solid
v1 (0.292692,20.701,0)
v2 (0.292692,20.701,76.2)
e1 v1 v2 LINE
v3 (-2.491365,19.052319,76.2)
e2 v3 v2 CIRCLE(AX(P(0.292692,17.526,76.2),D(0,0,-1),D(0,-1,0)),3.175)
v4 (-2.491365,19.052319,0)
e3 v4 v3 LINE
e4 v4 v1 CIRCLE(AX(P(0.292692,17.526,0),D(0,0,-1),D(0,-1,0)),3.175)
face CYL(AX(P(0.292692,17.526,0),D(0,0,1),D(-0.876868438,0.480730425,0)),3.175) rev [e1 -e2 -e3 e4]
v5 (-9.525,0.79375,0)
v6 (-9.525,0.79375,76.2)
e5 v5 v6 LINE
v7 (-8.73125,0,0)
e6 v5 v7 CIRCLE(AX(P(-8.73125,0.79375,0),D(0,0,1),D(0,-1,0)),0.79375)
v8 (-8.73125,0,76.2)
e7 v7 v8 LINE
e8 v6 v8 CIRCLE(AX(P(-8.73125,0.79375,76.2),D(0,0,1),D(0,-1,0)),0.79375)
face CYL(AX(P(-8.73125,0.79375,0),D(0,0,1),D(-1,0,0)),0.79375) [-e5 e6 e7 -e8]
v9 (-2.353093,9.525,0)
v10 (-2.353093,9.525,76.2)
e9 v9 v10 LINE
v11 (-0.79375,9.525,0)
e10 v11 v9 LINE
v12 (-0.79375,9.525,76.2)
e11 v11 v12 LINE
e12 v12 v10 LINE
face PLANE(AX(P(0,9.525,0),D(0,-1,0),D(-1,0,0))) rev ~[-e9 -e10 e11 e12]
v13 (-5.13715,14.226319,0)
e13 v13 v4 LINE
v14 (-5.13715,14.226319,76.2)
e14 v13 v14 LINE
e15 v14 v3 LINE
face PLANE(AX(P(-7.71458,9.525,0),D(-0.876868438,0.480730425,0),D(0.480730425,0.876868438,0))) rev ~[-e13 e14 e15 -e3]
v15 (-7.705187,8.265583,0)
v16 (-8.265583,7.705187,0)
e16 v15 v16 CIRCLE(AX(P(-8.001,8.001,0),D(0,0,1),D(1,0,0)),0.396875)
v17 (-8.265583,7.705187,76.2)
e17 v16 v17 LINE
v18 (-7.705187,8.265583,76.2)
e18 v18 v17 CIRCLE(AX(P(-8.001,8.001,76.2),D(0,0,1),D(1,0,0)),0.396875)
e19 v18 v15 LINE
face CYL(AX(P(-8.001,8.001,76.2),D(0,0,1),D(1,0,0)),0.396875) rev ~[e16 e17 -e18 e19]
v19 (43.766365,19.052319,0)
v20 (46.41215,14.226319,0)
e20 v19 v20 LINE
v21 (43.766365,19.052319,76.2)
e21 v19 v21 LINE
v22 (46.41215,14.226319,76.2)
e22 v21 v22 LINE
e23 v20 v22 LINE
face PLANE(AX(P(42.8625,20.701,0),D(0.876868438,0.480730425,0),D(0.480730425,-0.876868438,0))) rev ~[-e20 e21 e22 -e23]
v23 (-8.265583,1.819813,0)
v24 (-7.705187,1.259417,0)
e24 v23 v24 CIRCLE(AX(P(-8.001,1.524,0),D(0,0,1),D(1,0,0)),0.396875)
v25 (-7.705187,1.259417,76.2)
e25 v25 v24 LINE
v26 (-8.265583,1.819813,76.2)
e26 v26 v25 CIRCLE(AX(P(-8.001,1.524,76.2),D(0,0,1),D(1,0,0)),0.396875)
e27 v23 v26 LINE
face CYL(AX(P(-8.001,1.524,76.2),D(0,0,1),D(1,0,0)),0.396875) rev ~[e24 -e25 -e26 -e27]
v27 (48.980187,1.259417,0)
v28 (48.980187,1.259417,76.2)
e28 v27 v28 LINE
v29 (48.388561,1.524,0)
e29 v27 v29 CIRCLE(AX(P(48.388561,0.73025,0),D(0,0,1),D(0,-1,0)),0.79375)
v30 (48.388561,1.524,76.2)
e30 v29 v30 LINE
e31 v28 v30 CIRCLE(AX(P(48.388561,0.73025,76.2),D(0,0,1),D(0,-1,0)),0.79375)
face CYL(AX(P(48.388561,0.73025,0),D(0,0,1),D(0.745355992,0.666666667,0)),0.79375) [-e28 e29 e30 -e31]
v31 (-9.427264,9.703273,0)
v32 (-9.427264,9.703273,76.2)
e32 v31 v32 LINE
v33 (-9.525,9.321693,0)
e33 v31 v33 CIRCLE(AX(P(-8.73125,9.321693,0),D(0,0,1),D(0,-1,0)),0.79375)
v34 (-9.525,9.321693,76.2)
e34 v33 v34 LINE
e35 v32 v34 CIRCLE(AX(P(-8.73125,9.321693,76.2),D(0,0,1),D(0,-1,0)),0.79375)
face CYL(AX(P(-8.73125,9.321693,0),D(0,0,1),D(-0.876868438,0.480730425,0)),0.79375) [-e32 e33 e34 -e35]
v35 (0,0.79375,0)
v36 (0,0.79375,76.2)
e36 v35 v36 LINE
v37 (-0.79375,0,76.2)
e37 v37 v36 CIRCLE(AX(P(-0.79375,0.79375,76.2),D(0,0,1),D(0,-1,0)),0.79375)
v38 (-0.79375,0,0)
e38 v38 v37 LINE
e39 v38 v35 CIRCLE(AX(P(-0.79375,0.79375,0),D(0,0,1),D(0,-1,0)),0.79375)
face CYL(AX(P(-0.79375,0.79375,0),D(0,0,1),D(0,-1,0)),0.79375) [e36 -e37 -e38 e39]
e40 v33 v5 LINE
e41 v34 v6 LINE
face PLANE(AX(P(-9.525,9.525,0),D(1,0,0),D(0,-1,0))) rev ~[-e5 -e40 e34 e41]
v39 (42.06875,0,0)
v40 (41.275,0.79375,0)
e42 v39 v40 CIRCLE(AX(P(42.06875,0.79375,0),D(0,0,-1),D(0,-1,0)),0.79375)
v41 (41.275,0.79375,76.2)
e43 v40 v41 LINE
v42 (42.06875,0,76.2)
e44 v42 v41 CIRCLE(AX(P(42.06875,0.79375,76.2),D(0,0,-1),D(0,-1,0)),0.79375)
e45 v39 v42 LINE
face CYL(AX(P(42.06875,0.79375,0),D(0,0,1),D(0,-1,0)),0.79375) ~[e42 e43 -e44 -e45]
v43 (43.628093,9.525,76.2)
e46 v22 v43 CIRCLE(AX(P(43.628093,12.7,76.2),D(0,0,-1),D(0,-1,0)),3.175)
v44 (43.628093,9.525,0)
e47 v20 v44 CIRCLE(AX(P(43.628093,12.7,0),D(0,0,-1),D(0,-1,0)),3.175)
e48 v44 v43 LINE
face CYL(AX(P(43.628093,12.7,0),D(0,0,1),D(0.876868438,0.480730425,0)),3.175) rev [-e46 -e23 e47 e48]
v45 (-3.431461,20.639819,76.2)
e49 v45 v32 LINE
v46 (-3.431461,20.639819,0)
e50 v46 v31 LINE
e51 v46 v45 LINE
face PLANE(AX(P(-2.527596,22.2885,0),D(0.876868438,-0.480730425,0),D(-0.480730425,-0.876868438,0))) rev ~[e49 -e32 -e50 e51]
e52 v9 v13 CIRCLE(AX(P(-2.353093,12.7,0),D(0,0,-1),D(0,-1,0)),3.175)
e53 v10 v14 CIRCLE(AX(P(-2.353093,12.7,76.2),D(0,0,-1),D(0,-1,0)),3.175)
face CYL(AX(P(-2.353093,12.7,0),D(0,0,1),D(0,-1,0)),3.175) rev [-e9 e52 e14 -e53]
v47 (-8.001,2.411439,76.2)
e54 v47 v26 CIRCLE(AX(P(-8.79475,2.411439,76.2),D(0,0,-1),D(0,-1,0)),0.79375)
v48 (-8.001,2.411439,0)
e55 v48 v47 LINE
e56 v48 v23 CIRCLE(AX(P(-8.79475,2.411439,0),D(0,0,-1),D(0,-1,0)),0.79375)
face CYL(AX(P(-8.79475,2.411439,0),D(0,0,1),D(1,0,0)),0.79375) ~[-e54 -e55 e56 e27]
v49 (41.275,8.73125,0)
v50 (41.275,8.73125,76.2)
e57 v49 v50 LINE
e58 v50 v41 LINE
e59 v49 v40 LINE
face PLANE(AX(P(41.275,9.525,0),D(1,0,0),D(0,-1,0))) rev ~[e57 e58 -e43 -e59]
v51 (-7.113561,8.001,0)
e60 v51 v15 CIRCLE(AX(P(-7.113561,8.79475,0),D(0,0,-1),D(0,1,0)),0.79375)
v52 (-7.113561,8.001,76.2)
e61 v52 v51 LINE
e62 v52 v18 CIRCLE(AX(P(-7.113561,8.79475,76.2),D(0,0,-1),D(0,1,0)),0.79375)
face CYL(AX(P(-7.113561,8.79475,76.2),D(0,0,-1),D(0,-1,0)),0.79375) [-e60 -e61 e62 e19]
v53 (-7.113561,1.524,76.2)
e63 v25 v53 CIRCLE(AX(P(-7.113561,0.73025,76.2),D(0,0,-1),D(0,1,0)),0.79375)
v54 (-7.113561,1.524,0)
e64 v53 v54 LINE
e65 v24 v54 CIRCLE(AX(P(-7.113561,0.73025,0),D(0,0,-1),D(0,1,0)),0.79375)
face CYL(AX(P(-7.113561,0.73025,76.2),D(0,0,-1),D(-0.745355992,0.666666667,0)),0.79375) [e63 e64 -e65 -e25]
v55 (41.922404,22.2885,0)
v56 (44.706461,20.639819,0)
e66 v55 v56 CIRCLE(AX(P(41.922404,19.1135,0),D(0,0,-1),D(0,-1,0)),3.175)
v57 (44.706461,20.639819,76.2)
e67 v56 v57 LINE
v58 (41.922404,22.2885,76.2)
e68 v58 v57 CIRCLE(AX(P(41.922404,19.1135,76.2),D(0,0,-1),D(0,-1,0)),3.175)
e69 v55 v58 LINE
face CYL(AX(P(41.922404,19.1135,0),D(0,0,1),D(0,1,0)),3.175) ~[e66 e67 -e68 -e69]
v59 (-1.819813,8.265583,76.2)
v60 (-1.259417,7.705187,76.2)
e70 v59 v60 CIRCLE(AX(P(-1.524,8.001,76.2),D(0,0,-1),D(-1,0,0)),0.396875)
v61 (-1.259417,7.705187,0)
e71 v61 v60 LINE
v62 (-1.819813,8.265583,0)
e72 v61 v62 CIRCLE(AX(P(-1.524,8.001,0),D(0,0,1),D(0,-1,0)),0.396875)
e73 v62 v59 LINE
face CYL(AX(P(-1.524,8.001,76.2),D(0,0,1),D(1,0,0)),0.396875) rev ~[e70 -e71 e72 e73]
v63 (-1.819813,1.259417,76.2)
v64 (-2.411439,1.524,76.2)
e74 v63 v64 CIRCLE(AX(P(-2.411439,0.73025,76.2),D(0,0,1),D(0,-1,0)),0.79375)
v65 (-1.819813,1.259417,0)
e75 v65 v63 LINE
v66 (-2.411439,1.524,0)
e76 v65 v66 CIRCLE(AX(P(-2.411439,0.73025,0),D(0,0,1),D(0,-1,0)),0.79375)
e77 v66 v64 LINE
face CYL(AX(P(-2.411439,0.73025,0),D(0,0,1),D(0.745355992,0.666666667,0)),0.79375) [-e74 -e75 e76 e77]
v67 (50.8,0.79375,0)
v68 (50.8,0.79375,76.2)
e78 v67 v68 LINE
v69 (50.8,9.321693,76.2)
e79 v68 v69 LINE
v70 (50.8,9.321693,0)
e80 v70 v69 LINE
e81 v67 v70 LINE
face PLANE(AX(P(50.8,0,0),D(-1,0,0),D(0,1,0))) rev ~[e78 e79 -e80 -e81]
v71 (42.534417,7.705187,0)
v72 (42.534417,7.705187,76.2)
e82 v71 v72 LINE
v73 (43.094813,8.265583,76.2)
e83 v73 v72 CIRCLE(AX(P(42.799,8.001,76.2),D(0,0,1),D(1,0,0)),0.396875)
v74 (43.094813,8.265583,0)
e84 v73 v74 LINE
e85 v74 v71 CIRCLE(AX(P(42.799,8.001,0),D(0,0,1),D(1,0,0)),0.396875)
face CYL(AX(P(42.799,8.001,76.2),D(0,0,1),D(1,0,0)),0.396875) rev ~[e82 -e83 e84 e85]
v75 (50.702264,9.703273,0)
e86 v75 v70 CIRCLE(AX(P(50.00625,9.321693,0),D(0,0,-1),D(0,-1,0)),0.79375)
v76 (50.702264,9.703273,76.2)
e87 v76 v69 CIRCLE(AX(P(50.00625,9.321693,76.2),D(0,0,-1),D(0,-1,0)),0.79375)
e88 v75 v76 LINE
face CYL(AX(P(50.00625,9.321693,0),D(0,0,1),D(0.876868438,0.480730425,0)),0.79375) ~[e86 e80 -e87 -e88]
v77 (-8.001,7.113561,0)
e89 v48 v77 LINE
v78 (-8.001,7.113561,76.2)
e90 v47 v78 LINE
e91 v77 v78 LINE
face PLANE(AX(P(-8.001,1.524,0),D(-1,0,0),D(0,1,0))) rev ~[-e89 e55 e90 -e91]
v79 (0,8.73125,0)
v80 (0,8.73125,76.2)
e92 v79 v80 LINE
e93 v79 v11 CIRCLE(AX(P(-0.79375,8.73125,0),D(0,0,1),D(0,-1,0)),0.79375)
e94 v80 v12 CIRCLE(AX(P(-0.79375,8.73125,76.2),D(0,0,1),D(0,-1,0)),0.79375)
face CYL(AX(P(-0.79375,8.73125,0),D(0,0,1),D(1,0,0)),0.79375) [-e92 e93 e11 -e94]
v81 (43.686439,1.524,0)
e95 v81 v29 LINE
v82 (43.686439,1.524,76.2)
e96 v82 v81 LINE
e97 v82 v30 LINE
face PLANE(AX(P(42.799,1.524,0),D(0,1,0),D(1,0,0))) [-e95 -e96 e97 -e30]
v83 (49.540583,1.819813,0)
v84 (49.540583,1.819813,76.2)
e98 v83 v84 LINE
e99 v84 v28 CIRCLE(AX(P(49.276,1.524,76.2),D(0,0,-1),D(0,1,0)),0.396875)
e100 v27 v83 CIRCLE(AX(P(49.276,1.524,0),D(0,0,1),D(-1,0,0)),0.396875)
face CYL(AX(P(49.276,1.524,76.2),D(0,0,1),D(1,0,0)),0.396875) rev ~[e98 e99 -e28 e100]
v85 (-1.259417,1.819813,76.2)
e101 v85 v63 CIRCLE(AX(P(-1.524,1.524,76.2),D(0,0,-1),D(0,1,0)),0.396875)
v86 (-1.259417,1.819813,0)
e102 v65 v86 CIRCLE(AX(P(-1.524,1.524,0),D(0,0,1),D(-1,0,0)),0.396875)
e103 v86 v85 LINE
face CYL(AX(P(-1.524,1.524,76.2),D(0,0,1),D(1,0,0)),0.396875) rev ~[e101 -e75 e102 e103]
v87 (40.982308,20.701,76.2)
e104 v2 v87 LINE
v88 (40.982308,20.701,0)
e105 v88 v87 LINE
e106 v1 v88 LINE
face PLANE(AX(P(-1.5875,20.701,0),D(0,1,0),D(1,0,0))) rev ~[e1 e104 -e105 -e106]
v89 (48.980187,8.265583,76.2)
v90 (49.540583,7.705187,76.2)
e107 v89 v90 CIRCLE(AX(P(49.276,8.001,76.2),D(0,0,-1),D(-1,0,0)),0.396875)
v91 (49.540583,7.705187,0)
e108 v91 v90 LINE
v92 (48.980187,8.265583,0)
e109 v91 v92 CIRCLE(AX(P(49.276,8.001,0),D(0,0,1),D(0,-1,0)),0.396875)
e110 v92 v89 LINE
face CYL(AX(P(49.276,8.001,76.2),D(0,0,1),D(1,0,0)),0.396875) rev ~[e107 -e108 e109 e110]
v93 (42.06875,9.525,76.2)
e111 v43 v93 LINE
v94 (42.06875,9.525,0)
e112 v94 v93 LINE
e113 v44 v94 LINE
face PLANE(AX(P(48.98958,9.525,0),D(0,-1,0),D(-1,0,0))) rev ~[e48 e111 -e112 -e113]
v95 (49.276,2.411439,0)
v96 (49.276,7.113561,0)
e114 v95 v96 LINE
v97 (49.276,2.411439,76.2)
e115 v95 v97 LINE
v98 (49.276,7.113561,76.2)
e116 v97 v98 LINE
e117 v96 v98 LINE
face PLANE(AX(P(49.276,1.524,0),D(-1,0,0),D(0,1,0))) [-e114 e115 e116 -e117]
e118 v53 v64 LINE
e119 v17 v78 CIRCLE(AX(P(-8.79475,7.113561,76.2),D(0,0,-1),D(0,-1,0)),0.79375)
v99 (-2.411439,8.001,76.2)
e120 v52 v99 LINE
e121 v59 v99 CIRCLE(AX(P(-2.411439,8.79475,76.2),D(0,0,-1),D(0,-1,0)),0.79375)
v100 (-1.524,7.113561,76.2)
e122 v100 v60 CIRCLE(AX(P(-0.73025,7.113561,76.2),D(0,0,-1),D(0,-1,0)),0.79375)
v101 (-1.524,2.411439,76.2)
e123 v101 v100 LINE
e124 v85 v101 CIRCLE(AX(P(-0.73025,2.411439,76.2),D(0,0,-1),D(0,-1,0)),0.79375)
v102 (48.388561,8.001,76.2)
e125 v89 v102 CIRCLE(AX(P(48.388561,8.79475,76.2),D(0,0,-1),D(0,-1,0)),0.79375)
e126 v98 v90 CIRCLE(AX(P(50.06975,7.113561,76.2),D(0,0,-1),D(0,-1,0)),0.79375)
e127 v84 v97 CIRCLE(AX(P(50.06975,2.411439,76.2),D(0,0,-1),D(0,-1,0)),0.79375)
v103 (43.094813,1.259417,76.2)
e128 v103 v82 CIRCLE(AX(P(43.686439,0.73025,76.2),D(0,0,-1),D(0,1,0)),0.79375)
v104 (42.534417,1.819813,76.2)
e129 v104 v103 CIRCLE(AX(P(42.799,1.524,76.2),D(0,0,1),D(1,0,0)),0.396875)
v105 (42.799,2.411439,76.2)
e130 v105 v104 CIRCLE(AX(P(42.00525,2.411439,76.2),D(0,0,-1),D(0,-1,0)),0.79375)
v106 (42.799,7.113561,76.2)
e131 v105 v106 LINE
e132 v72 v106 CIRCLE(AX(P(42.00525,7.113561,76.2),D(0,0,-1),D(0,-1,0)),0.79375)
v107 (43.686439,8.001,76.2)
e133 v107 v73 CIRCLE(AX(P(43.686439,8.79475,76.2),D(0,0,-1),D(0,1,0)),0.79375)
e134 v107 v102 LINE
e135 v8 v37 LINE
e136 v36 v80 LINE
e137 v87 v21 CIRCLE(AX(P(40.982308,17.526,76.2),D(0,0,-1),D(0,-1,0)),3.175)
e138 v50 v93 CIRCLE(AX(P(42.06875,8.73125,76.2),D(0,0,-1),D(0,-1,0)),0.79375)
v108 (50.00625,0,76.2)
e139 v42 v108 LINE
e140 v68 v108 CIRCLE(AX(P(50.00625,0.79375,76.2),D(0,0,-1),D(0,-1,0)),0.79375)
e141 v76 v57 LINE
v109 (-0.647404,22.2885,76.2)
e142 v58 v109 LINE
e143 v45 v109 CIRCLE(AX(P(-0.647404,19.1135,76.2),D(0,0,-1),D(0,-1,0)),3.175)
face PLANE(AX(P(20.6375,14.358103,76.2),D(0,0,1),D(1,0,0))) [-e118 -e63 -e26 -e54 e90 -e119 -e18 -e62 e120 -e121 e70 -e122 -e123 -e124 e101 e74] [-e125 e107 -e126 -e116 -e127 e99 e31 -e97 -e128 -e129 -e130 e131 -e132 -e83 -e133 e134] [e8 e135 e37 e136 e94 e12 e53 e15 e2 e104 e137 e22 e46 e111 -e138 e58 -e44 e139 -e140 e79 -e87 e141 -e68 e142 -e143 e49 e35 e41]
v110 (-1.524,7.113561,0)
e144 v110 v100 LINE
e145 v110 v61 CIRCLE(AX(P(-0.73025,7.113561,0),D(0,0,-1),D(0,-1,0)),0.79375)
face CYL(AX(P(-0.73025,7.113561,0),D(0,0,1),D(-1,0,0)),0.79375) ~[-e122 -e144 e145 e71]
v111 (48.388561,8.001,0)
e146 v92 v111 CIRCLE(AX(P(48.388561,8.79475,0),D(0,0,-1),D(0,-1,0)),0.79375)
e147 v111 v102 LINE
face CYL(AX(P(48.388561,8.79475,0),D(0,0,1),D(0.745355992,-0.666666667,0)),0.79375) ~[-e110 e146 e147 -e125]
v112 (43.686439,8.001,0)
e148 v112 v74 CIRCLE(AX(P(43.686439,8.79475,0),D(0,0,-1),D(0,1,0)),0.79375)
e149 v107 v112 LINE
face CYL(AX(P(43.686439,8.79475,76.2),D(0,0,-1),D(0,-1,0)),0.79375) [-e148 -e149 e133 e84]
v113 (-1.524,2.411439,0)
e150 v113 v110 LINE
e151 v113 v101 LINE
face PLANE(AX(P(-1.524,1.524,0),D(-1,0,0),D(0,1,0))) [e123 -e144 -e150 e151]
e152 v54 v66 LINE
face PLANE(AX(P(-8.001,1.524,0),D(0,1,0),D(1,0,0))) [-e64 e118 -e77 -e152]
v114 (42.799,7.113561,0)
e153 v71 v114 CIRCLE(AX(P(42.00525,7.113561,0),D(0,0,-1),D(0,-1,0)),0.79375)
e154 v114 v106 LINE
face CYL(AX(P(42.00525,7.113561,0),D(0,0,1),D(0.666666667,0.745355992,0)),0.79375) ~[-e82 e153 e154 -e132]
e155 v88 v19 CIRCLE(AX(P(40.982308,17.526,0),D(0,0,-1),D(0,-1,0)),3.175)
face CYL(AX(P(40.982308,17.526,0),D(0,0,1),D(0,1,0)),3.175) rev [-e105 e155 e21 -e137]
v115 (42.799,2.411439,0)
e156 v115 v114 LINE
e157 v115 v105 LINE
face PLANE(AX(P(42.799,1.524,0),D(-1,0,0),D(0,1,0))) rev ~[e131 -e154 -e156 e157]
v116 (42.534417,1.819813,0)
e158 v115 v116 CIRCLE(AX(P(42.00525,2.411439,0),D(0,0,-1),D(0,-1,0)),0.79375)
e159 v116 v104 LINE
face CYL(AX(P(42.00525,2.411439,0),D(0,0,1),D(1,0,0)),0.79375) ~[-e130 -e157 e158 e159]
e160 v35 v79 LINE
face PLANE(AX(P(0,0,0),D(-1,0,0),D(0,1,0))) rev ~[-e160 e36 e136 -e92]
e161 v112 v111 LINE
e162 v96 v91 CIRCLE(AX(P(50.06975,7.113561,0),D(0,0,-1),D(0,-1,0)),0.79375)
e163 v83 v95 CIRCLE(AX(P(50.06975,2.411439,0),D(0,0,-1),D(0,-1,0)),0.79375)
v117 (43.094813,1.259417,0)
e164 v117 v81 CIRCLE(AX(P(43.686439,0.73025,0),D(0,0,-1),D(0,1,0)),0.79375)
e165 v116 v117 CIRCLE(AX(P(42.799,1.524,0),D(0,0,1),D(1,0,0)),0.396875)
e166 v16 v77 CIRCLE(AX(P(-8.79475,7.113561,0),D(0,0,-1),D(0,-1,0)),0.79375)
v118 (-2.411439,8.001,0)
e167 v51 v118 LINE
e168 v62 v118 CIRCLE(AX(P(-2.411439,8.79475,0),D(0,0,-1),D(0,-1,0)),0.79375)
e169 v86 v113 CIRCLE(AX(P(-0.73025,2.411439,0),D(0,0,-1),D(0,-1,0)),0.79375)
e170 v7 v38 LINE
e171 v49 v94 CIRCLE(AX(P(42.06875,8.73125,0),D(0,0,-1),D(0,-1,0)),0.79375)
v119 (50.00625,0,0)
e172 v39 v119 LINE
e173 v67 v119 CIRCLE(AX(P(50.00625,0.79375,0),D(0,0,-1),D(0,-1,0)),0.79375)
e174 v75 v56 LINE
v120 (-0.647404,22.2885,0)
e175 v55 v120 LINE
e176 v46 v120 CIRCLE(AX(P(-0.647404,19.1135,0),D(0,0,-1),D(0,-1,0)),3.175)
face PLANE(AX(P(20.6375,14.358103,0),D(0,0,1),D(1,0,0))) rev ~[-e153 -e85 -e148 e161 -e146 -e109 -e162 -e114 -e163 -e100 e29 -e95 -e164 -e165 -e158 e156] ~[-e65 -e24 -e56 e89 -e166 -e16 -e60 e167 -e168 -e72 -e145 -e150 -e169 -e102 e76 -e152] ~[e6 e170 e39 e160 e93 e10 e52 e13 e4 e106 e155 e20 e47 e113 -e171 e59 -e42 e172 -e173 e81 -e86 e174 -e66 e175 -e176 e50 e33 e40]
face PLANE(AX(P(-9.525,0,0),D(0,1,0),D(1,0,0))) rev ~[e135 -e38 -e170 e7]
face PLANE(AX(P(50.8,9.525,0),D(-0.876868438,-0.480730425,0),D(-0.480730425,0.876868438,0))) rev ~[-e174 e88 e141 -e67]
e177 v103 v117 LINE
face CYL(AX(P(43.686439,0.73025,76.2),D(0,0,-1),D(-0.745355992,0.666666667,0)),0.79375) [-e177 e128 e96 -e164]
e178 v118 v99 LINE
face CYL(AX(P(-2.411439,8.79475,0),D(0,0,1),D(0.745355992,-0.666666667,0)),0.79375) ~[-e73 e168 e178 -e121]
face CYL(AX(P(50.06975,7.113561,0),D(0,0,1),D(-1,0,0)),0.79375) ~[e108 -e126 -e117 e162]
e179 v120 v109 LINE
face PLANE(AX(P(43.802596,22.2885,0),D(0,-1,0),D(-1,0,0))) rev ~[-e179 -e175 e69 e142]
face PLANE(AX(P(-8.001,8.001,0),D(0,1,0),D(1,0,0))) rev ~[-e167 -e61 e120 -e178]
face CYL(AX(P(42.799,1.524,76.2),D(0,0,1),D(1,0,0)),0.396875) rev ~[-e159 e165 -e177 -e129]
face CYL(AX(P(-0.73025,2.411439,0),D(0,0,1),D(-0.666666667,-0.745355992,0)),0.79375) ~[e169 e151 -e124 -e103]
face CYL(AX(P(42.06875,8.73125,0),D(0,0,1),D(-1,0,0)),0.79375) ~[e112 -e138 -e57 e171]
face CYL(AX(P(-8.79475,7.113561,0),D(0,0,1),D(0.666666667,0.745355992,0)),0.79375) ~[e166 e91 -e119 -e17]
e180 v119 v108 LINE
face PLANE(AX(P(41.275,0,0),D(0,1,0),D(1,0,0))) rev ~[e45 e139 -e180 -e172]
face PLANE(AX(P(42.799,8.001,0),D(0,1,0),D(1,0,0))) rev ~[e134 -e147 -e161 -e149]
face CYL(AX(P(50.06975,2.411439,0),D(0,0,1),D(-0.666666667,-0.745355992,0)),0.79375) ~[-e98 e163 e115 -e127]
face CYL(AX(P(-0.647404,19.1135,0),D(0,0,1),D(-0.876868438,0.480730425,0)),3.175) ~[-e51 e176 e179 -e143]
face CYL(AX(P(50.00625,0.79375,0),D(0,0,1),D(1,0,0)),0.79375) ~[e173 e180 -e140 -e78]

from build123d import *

# Parameters (mm, degrees)
SKETCH1_W           = 6.477
SKETCH1_H           = 6.477
BOSS_EXTRUDE1_DEPTH = 76.2
FILLET1_R           = 3.175
FILLET2_R           = 0.79375
SKETCH2_R           = 0.396875
CUT_EXTRUDE1_DEPTH  = 95.254215992
FILLET3_R           = 0.79375


with BuildPart() as part:
    # Sketch1 → Boss-Extrude1 (new body)
    with BuildSketch(Plane.XY):
        Polygon((-9.525, 0), (0, 0), (0, 9.525), (-7.714580181, 9.525), (-1.5875, 20.701), (42.8625, 20.701), (48.989580181, 9.525), (41.275, 9.525), (41.275, 0), (50.8, 0), (50.8, 9.525), (43.80259593, 22.2885), (-2.52759593, 22.2885), (-9.525, 9.525), align=None)
        with Locations((-4.7625, 4.7625)):
            Rectangle(SKETCH1_W, SKETCH1_H, mode=Mode.SUBTRACT)
        with Locations((46.0375, 4.7625)):
            Rectangle(SKETCH1_W, SKETCH1_H, mode=Mode.SUBTRACT)
    extrude(amount=BOSS_EXTRUDE1_DEPTH)

    # Fillet1
    fillet1_edges = [part.edges().sort_by_distance(p)[0] for p in [
        (-2.52759593, 22.2885, 38.1),
        (43.80259593, 22.2885, 38.1),
        (48.989580181, 9.525, 38.1),
        (42.8625, 20.701, 38.1),
        (-1.5875, 20.701, 38.1),
        (-7.714580181, 9.525, 38.1),
    ]]
    fillet(fillet1_edges, radius=FILLET1_R)

    # Fillet2
    fillet2_edges = [part.edges().sort_by_distance(p)[0] for p in [
        (0, 0, 38.1),
        (-9.525, 0, 38.1),
        (-9.525, 9.525, 38.1),
        (50.8, 9.525, 38.1),
        (50.8, 0, 38.1),
        (41.275, 0, 38.1),
        (41.275, 9.525, 38.1),
        (0, 9.525, 38.1),
    ]]
    fillet(fillet2_edges, radius=FILLET2_R)

    # Sketch2 → Cut-Extrude1 (cut, through all)
    with BuildSketch(Plane.XY.offset(76.2)):
        with Locations((-8.001, 8.001)):
            Circle(SKETCH2_R)
        with Locations((-1.524, 8.001)):
            Circle(SKETCH2_R)
        with Locations((-1.524, 1.524)):
            Circle(SKETCH2_R)
        with Locations((-8.001, 1.524)):
            Circle(SKETCH2_R)
        with Locations((42.799, 8.001)):
            Circle(SKETCH2_R)
        with Locations((42.799, 1.524)):
            Circle(SKETCH2_R)
        with Locations((49.276, 1.524)):
            Circle(SKETCH2_R)
        with Locations((49.276, 8.001)):
            Circle(SKETCH2_R)
    extrude(amount=-CUT_EXTRUDE1_DEPTH, mode=Mode.SUBTRACT)

    # Fillet3
    fillet3_edges = [part.edges().sort_by_distance(p)[0] for p in [
        (48.879125, 8.001, 38.1),
        (43.195875, 8.001, 38.1),
        (49.276, 1.920875, 38.1),
        (43.195875, 1.524, 38.1),
        (-1.920875, 1.524, 38.1),
        (-7.604125, 1.524, 38.1),
        (-8.001, 7.604125, 38.1),
        (-1.920875, 8.001, 38.1),
        (42.799, 7.604125, 38.1),
        (-8.001, 1.920875, 38.1),
        (-1.524, 1.920875, 38.1),
        (-1.524, 7.604125, 38.1),
        (42.799, 1.920875, 38.1),
        (48.879125, 1.524, 38.1),
        (49.276, 7.604125, 38.1),
        (-7.604125, 8.001, 38.1),
    ]]
    fillet(fillet3_edges, radius=FILLET3_R)


solid = part.part
